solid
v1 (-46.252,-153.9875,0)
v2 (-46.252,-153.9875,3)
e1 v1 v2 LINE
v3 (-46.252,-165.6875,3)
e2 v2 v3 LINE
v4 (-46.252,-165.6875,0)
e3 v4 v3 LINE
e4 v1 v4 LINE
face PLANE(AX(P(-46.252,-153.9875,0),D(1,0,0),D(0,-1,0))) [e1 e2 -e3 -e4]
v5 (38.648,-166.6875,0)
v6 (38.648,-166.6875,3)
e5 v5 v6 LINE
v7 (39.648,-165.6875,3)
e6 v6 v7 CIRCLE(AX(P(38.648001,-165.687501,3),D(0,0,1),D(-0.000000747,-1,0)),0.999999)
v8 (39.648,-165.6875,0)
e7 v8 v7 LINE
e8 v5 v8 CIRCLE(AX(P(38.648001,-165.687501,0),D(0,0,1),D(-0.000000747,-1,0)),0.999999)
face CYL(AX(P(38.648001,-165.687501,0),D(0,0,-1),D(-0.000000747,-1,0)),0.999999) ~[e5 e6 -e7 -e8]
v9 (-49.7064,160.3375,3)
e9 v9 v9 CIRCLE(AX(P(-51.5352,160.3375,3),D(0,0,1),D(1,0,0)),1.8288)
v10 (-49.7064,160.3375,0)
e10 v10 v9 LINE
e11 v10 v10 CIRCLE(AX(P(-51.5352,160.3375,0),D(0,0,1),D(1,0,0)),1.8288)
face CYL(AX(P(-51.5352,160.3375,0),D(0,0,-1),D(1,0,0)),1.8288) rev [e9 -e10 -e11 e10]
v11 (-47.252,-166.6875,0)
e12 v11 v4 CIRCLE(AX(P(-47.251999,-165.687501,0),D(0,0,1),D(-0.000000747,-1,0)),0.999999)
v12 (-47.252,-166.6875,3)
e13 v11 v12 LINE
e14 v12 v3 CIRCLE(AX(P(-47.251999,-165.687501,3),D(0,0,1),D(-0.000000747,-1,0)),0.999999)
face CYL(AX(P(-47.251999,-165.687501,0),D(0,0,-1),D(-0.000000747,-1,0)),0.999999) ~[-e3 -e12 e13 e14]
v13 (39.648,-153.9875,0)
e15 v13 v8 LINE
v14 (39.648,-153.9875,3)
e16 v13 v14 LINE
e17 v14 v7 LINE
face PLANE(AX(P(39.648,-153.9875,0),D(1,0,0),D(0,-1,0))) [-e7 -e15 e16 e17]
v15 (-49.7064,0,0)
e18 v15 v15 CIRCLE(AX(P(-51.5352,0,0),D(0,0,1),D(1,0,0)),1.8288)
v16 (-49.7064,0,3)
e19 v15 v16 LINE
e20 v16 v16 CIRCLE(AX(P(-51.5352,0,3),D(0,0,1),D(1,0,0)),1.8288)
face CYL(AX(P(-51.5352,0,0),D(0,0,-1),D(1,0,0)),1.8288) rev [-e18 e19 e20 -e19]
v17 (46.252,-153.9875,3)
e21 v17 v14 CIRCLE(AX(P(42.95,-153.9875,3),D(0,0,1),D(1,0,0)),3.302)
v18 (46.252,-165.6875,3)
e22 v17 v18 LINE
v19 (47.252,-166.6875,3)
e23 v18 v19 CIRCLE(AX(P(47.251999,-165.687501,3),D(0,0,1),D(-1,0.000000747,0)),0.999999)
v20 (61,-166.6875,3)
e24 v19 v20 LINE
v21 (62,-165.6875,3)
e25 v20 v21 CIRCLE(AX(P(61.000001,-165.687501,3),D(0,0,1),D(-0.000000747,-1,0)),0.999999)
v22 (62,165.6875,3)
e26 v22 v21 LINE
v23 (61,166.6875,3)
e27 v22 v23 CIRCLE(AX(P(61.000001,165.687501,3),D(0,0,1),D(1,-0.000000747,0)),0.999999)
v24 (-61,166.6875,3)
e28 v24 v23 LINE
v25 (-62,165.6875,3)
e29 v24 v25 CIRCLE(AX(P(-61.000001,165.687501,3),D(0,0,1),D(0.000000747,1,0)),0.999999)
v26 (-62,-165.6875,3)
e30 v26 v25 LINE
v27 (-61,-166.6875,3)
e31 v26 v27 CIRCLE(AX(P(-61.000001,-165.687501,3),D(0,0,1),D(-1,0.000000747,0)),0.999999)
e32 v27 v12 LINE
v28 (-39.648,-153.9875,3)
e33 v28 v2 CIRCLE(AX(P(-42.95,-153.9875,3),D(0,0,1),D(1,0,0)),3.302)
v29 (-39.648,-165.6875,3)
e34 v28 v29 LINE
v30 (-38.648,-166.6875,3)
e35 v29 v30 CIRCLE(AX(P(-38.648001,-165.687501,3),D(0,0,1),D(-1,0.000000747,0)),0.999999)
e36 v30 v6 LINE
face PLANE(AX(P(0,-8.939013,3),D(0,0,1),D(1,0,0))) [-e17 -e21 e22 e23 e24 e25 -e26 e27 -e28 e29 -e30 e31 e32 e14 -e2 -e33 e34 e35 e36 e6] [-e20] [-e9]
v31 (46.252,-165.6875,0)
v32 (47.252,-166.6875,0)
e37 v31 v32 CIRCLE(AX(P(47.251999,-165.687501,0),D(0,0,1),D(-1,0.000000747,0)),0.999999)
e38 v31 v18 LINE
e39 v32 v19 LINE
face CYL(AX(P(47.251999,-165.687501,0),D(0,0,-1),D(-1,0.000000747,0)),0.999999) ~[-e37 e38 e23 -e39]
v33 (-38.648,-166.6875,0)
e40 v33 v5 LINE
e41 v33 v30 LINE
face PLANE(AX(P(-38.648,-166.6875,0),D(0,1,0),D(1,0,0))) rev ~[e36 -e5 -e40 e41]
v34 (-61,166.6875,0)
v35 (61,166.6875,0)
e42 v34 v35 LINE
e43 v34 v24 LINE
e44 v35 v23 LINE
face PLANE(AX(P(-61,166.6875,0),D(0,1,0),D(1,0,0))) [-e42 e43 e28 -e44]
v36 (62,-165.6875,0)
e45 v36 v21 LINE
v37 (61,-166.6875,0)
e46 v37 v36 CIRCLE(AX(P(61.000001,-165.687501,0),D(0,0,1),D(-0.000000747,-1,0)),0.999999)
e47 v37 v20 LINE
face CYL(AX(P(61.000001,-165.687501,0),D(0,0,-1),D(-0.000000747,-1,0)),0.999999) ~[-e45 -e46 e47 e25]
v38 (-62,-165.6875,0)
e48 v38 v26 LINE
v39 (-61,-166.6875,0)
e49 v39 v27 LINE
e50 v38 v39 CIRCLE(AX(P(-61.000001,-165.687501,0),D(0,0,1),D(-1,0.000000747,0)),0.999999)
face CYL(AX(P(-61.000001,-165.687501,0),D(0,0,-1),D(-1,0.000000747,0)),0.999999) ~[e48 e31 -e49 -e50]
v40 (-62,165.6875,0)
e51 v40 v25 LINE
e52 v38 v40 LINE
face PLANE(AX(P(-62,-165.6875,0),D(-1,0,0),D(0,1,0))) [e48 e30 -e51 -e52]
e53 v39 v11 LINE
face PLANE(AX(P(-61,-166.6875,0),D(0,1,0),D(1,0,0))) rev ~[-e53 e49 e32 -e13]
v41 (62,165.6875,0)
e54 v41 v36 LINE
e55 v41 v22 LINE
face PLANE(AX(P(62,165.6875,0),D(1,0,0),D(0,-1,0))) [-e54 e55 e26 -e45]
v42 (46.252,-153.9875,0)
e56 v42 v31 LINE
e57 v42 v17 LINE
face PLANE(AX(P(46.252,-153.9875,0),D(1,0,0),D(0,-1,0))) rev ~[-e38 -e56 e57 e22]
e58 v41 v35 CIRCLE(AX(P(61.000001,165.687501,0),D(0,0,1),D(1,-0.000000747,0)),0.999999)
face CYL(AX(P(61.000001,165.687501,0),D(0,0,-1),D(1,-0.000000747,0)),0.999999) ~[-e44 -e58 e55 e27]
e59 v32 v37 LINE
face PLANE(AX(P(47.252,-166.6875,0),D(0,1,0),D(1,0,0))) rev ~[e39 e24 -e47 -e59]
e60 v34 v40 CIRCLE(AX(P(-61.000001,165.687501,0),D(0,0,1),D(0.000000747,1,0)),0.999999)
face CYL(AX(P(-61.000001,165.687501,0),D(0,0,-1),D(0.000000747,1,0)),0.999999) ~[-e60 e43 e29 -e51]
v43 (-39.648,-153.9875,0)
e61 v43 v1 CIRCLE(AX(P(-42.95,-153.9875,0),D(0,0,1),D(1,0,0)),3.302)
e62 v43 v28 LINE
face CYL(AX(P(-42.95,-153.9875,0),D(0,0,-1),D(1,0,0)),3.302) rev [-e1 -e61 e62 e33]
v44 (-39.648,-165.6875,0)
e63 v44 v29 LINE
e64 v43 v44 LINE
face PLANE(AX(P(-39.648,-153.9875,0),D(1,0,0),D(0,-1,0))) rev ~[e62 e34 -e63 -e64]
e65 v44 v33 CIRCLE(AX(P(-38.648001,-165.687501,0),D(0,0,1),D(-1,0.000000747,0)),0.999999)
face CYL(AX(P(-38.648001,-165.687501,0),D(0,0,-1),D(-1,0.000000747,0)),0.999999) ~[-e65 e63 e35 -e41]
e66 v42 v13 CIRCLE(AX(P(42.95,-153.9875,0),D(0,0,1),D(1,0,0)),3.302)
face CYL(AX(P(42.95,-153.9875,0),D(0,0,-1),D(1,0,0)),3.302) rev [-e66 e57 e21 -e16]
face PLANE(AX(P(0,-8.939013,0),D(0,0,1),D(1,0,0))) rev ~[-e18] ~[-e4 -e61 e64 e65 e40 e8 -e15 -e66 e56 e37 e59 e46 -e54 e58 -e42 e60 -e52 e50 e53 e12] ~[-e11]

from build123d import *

# Parameters (mm, degrees)
SKETCH_R  = 1.8288
PAD_DEPTH = 3


with BuildPart() as part:
    # Sketch → Pad (new body)
    with BuildSketch(Plane.XY):
        with BuildLine():
            ThreePointArc((-61, 166.6875), (-61.707107, 166.394607), (-62, 165.6875))
            Line((-62, -165.6875), (-62, 165.6875))
            ThreePointArc((-62, -165.6875), (-61.707107, -166.394607), (-61, -166.6875))
            Line((-61, -166.6875), (-47.252, -166.6875))
            ThreePointArc((-47.252, -166.6875), (-46.544893, -166.394607), (-46.252, -165.6875))
            Line((-46.252, -153.9875), (-46.252, -165.6875))
            ThreePointArc((-39.648, -153.9875), (-42.95, -150.6855), (-46.252, -153.9875))
            Line((-39.648, -153.9875), (-39.648, -165.6875))
            ThreePointArc((-39.648, -165.6875), (-39.355107, -166.394607), (-38.648, -166.6875))
            Line((-38.648, -166.6875), (38.648, -166.6875))
            ThreePointArc((38.648, -166.6875), (39.355107, -166.394607), (39.648, -165.6875))
            Line((39.648, -153.9875), (39.648, -165.6875))
            ThreePointArc((46.252, -153.9875), (42.95, -150.6855), (39.648, -153.9875))
            Line((46.252, -153.9875), (46.252, -165.6875))
            ThreePointArc((46.252, -165.6875), (46.544893, -166.394607), (47.252, -166.6875))
            Line((47.252, -166.6875), (61, -166.6875))
            ThreePointArc((61, -166.6875), (61.707107, -166.394607), (62, -165.6875))
            Line((62, 165.6875), (62, -165.6875))
            ThreePointArc((62, 165.6875), (61.707107, 166.394607), (61, 166.6875))
            Line((-61, 166.6875), (61, 166.6875))
        make_face()
        with Locations((-51.5352, 160.3375)):
            Circle(SKETCH_R, mode=Mode.SUBTRACT)
        with Locations((-51.5352, 0)):
            Circle(SKETCH_R, mode=Mode.SUBTRACT)
    extrude(amount=PAD_DEPTH)


solid = part.part
